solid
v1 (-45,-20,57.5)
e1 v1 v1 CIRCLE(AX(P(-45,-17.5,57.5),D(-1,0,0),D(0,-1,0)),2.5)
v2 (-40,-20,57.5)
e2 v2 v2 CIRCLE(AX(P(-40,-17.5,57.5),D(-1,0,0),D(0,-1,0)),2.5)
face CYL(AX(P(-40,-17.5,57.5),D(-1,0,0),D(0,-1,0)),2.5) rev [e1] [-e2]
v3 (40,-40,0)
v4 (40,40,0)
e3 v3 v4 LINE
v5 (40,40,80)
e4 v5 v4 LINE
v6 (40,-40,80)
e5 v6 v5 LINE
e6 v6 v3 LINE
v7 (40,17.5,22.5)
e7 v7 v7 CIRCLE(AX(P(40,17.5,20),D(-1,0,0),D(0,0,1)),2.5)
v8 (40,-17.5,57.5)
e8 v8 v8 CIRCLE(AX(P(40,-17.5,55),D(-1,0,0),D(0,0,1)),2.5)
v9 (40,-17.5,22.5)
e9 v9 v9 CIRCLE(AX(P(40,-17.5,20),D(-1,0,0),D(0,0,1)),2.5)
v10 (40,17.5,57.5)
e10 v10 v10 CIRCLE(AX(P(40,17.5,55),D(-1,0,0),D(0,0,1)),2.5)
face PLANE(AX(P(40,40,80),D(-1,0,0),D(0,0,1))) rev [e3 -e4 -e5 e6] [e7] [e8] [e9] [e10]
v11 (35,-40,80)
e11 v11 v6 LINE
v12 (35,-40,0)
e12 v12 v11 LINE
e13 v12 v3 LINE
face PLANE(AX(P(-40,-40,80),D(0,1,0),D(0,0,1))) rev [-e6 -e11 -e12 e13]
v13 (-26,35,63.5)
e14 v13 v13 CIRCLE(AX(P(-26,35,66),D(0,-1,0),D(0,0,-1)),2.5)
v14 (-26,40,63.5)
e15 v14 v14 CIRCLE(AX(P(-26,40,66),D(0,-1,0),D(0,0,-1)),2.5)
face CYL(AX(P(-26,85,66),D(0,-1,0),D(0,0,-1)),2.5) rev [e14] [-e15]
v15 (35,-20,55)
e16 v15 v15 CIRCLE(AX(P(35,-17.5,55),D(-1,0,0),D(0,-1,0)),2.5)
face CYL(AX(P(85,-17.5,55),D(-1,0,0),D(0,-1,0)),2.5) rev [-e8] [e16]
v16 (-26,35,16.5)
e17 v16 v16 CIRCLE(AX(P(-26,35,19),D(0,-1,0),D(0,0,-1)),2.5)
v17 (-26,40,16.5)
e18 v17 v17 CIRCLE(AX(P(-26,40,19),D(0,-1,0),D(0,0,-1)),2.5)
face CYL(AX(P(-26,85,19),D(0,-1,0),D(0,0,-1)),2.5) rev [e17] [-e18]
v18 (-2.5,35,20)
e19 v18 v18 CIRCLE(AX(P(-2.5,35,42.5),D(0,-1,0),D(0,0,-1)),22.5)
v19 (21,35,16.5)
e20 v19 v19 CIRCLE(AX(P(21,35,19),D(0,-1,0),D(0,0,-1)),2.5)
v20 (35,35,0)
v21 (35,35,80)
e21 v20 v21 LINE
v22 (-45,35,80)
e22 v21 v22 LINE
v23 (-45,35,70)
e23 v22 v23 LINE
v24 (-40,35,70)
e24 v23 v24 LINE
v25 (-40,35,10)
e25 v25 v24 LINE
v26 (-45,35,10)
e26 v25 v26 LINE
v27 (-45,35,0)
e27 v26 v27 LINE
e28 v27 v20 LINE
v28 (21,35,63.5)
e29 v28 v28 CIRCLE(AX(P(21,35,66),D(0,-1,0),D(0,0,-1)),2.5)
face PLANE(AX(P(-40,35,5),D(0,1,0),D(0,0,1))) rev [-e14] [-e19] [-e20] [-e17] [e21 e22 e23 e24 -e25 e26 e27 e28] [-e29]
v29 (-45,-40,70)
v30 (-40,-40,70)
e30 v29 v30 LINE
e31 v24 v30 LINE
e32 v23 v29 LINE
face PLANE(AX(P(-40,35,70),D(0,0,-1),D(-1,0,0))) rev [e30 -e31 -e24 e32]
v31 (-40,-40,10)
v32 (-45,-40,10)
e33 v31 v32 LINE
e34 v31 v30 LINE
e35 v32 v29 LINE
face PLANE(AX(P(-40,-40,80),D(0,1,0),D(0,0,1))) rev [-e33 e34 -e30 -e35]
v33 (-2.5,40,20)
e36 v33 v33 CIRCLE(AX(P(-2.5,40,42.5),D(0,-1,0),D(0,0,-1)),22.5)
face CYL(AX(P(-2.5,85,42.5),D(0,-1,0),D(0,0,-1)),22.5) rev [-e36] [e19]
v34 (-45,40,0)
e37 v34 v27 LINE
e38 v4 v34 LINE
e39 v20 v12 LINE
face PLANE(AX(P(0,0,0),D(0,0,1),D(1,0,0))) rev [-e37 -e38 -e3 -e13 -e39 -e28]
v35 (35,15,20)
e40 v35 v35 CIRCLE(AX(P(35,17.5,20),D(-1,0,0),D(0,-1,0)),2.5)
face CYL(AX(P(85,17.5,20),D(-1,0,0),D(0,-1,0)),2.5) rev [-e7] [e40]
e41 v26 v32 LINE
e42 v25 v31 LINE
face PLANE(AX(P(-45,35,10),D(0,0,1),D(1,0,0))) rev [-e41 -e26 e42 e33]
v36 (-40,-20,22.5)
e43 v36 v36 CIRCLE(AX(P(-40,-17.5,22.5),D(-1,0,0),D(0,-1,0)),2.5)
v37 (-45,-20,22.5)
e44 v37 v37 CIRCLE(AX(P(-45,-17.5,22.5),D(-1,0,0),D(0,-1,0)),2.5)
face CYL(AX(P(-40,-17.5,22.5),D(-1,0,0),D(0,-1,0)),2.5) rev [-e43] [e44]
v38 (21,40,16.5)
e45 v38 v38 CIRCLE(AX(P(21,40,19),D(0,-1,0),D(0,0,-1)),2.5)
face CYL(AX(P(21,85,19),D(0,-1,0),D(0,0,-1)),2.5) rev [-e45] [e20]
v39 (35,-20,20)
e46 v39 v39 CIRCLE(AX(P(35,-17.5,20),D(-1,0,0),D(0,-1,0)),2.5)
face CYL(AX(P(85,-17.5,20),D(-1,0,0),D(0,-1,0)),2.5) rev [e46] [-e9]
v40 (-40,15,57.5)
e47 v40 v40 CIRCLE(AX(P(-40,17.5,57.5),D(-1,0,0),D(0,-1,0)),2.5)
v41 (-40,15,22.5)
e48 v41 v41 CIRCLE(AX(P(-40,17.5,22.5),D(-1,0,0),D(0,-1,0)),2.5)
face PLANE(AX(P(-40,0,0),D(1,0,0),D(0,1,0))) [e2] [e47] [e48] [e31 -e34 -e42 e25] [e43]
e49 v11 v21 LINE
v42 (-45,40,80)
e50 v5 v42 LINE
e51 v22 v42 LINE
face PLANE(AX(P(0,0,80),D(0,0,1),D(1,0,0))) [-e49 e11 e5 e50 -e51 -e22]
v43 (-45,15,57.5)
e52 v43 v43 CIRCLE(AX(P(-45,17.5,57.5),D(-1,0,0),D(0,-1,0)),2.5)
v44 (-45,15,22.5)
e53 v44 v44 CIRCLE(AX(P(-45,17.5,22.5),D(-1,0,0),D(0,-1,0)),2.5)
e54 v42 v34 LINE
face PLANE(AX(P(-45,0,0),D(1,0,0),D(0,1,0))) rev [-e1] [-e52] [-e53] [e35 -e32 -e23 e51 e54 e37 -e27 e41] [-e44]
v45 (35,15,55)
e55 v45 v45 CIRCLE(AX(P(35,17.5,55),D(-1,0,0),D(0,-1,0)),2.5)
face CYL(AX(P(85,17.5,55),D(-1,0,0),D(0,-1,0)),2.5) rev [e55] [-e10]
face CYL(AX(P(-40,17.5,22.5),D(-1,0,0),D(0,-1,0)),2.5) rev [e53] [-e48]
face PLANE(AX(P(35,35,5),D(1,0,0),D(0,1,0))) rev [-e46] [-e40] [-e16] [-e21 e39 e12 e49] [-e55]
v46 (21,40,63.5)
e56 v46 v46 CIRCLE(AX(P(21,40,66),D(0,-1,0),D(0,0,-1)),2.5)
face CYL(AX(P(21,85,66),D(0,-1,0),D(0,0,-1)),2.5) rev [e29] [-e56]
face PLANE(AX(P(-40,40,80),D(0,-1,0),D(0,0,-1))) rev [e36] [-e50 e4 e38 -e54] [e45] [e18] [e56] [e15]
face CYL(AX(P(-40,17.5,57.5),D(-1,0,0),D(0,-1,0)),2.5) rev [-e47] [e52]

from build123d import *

# Parameters (mm, degrees)
SKETCH1_W           = 80
SKETCH1_H           = 80
BOSS_EXTRUDE1_DEPTH = 80
SKETCH2_W           = 75
SKETCH2_H           = 75
CUT_EXTRUDE1_DEPTH  = 75
SKETCH3_R           = 2.5
CUT_EXTRUDE2_DEPTH  = 50
SKETCH4_R           = 2.5
CUT_EXTRUDE3_DEPTH  = 50
SKETCH5_R           = 22.5
CUT_EXTRUDE4_DEPTH  = 50
SKETCH8_W           = 80
SKETCH8_H           = 80
BOSS_EXTRUDE2_DEPTH = 5
SKETCH9_R           = 2.5
CUT_EXTRUDE5_DEPTH  = 5
SKETCH10_W          = 5
SKETCH10_H          = 10
CUT_EXTRUDE6_DEPTH  = 75
SKETCH11_W          = 5
SKETCH11_H          = 75
CUT_EXTRUDE7_DEPTH  = 75


with BuildPart() as part:
    # Sketch1 → Boss-Extrude1 (new body)
    with BuildSketch(Plane.XY):
        Rectangle(SKETCH1_W, SKETCH1_H)
    extrude(amount=BOSS_EXTRUDE1_DEPTH)

    # Sketch2 → Cut-Extrude1 (cut)
    with BuildSketch(Plane.XY.offset(80)):
        with Locations((-2.5, -2.5)):
            Rectangle(SKETCH2_W, SKETCH2_H)
    extrude(amount=-CUT_EXTRUDE1_DEPTH, mode=Mode.SUBTRACT)

    # Sketch3 → Cut-Extrude2 (cut)
    with BuildSketch(Plane.ZY.offset(-35)):
        with Locations((55, -17.5)):
            Circle(SKETCH3_R)
        with Locations((20, -17.5)):
            Circle(SKETCH3_R)
        with Locations((20, 17.5)):
            Circle(SKETCH3_R)
        with Locations((55, 17.5)):
            Circle(SKETCH3_R)
    extrude(amount=-CUT_EXTRUDE2_DEPTH, mode=Mode.SUBTRACT)

    # Sketch4 → Cut-Extrude3 (cut)
    with BuildSketch(Plane.XZ.offset(-35)):
        with Locations((-26, 66)):
            Circle(SKETCH4_R)
        with Locations((21, 66)):
            Circle(SKETCH4_R)
        with Locations((-26, 19)):
            Circle(SKETCH4_R)
        with Locations((21, 19)):
            Circle(SKETCH4_R)
    extrude(amount=-CUT_EXTRUDE3_DEPTH, mode=Mode.SUBTRACT)

    # Sketch5 → Cut-Extrude4 (cut)
    with BuildSketch(Plane.XZ.offset(-35)):
        with Locations((-2.5, 42.5)):
            Circle(SKETCH5_R)
    extrude(amount=-CUT_EXTRUDE4_DEPTH, mode=Mode.SUBTRACT)

    # Sketch8 → Boss-Extrude2 (add)
    with BuildSketch(Plane.ZY.offset(40)):
        with Locations((40, 0)):
            Rectangle(SKETCH8_W, SKETCH8_H)
    extrude(amount=BOSS_EXTRUDE2_DEPTH)

    # Sketch9 → Cut-Extrude5 (cut)
    with BuildSketch(Plane.ZY.offset(45)):
        with Locations((22.5, 17.5)):
            Circle(SKETCH9_R)
        with Locations((57.5, 17.5)):
            Circle(SKETCH9_R)
        with Locations((22.5, -17.5)):
            Circle(SKETCH9_R)
        with Locations((57.5, -17.5)):
            Circle(SKETCH9_R)
    extrude(amount=-CUT_EXTRUDE5_DEPTH, mode=Mode.SUBTRACT)

    # Sketch10 → Cut-Extrude6 (cut)
    with BuildSketch(Plane.XZ.offset(40)):
        with Locations((-42.5, 75)):
            Rectangle(SKETCH10_W, SKETCH10_H)
        with Locations((-42.5, 5)):
            Rectangle(SKETCH10_W, SKETCH10_H)
    extrude(amount=-CUT_EXTRUDE6_DEPTH, mode=Mode.SUBTRACT)

    # Sketch11 → Cut-Extrude7 (cut)
    with BuildSketch(Plane.ZY.offset(40)):
        with Locations((2.5, -2.5)):
            Rectangle(SKETCH11_W, SKETCH11_H)
    extrude(amount=-CUT_EXTRUDE7_DEPTH, mode=Mode.SUBTRACT)


solid = part.part
